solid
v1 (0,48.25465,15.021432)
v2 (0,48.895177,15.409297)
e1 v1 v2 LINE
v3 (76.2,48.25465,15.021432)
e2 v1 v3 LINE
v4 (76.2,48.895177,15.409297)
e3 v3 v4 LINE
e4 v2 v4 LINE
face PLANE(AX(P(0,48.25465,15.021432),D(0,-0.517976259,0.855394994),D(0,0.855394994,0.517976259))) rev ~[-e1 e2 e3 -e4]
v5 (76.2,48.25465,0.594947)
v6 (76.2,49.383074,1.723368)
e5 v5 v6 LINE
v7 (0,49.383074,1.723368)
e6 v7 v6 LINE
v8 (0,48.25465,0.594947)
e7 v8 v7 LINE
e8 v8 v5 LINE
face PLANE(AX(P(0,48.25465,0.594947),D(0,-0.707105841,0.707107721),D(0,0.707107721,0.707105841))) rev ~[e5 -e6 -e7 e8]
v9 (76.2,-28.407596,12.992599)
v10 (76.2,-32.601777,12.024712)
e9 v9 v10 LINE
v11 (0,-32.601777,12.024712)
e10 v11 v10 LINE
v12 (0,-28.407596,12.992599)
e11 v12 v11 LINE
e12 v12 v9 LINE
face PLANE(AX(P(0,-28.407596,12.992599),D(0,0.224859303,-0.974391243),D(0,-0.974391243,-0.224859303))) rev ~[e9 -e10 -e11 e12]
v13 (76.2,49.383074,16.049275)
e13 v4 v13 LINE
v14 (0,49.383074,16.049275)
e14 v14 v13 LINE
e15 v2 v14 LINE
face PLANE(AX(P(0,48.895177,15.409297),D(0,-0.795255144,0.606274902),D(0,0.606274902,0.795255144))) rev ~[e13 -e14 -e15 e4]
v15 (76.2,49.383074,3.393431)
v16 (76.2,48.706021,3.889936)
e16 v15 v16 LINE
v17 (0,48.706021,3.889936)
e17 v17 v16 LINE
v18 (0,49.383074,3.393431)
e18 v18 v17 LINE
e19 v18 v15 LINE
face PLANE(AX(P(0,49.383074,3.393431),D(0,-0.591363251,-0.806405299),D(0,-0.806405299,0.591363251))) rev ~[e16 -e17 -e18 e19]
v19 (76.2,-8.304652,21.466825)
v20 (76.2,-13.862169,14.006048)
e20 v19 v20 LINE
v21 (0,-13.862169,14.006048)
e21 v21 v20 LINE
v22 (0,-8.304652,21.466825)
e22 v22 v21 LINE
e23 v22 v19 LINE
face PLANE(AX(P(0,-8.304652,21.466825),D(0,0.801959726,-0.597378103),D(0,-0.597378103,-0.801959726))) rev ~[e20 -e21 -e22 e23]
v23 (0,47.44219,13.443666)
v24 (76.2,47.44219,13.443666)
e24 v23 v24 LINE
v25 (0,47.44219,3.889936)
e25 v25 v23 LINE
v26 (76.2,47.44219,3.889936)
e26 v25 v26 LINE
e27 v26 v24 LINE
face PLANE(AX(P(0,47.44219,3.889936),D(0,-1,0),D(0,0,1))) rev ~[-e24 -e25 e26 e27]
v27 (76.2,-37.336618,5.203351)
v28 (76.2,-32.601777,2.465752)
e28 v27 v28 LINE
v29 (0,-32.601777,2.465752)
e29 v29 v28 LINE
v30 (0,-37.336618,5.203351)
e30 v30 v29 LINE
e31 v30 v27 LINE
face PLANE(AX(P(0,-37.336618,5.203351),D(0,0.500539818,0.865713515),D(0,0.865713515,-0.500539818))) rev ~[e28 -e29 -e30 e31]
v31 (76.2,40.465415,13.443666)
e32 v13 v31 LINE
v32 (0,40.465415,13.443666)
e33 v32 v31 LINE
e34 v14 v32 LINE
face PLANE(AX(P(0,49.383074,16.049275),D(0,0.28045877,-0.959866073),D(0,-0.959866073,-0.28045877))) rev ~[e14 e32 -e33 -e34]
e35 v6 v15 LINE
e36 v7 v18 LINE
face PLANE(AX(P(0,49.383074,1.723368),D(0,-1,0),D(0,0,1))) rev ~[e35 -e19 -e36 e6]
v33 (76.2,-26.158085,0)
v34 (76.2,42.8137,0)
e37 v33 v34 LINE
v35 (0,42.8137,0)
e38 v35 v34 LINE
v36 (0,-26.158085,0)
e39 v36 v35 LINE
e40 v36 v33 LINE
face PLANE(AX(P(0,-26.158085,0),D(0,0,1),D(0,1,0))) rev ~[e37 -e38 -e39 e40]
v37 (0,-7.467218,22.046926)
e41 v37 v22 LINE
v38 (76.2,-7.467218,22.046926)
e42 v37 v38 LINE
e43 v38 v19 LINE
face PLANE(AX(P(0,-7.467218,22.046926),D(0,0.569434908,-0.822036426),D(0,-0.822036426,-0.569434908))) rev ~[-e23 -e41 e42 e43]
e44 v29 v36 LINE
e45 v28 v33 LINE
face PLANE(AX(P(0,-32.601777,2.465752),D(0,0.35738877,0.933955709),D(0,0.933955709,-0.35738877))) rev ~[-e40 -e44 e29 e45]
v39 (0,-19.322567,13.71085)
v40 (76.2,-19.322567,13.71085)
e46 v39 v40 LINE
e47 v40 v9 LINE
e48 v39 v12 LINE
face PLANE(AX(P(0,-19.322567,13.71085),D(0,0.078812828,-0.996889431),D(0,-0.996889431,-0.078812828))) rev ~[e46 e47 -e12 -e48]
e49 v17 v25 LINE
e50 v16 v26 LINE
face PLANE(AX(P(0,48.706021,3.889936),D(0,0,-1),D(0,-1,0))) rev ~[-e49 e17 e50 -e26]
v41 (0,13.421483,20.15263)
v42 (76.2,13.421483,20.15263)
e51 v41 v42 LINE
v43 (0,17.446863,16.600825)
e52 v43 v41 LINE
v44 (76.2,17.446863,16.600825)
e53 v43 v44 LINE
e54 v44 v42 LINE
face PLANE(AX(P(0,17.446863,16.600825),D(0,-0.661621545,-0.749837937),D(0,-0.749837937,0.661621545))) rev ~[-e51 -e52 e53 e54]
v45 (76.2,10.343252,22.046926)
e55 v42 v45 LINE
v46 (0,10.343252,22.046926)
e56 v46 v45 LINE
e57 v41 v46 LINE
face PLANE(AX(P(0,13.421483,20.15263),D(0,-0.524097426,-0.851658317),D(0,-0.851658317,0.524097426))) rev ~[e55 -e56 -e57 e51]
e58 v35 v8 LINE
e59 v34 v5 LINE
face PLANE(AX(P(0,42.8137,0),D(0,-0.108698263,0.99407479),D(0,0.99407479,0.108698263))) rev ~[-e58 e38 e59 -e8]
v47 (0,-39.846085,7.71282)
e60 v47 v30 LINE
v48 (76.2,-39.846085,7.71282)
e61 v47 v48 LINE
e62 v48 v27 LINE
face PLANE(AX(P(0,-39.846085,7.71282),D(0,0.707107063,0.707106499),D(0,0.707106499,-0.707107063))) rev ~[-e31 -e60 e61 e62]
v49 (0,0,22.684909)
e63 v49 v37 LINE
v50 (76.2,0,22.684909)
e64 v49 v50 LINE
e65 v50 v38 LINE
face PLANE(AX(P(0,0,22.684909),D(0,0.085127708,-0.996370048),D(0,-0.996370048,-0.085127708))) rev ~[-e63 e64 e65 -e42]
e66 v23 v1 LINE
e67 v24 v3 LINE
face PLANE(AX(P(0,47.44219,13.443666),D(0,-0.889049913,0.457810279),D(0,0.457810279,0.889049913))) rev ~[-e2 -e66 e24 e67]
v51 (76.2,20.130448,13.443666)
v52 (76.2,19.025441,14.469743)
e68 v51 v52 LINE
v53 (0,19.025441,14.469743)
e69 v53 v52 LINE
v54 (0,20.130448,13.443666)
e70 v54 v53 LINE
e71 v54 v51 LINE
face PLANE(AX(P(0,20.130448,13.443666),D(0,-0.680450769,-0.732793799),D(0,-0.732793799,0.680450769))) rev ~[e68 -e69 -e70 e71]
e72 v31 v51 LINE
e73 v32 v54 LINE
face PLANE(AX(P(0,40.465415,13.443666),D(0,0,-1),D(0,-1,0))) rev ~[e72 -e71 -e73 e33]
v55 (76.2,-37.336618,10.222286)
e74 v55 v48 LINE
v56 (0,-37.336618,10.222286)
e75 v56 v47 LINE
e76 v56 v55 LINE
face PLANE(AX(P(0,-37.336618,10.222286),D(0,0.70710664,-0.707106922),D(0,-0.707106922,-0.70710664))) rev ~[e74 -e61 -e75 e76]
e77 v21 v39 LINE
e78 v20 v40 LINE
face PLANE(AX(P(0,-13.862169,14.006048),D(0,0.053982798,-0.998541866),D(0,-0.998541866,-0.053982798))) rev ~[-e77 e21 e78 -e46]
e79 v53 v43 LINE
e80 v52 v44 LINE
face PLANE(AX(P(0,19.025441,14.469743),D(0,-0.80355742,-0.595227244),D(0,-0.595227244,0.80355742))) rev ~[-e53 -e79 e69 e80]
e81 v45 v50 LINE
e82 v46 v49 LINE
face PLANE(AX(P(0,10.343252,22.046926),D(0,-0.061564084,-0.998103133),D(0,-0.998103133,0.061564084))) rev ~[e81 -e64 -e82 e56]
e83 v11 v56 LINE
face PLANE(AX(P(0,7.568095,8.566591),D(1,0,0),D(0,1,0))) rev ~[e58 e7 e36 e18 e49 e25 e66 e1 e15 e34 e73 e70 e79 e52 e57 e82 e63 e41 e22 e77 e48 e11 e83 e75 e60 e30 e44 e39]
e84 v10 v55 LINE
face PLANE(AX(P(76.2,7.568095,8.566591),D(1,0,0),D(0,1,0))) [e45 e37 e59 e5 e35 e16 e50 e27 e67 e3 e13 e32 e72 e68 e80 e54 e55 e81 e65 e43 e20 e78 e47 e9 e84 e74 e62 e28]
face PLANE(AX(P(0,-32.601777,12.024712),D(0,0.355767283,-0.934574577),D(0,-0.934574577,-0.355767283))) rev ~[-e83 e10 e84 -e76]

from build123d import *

# Parameters (mm, degrees)
F1_DEPTH = 76.2


with BuildPart() as f1:
    # F0 (on Right) → F1 (new body)
    with BuildSketch(Plane.YZ):
        Polygon((-26.158085, 0), (0, 0), (42.8137, 0), (48.25465, 0.594947), (49.383074, 1.723368), (49.383074, 3.393431), (48.706021, 3.889936), (48.25465, 3.889936), (47.44219, 3.889936), (47.44219, 5.514862), (47.44219, 7.591157), (47.44219, 13.443666), (48.25465, 15.021432), (48.895177, 15.409297), (49.383074, 16.049275), (40.465415, 13.443666), (29.207284, 13.443666), (20.130448, 13.443666), (19.025441, 14.469743), (17.446863, 16.600825), (13.421483, 20.15263), (10.343252, 22.046926), (0, 22.684909), (-7.467218, 22.046926), (-8.304652, 21.466825), (-13.862169, 14.006048), (-19.322567, 13.71085), (-28.407596, 12.992599), (-32.601777, 12.024712), (-37.336618, 10.222286), (-39.846085, 7.71282), (-37.336618, 5.203351), (-32.601777, 2.465752), align=None)
    extrude(amount=F1_DEPTH)


solid = f1.part
